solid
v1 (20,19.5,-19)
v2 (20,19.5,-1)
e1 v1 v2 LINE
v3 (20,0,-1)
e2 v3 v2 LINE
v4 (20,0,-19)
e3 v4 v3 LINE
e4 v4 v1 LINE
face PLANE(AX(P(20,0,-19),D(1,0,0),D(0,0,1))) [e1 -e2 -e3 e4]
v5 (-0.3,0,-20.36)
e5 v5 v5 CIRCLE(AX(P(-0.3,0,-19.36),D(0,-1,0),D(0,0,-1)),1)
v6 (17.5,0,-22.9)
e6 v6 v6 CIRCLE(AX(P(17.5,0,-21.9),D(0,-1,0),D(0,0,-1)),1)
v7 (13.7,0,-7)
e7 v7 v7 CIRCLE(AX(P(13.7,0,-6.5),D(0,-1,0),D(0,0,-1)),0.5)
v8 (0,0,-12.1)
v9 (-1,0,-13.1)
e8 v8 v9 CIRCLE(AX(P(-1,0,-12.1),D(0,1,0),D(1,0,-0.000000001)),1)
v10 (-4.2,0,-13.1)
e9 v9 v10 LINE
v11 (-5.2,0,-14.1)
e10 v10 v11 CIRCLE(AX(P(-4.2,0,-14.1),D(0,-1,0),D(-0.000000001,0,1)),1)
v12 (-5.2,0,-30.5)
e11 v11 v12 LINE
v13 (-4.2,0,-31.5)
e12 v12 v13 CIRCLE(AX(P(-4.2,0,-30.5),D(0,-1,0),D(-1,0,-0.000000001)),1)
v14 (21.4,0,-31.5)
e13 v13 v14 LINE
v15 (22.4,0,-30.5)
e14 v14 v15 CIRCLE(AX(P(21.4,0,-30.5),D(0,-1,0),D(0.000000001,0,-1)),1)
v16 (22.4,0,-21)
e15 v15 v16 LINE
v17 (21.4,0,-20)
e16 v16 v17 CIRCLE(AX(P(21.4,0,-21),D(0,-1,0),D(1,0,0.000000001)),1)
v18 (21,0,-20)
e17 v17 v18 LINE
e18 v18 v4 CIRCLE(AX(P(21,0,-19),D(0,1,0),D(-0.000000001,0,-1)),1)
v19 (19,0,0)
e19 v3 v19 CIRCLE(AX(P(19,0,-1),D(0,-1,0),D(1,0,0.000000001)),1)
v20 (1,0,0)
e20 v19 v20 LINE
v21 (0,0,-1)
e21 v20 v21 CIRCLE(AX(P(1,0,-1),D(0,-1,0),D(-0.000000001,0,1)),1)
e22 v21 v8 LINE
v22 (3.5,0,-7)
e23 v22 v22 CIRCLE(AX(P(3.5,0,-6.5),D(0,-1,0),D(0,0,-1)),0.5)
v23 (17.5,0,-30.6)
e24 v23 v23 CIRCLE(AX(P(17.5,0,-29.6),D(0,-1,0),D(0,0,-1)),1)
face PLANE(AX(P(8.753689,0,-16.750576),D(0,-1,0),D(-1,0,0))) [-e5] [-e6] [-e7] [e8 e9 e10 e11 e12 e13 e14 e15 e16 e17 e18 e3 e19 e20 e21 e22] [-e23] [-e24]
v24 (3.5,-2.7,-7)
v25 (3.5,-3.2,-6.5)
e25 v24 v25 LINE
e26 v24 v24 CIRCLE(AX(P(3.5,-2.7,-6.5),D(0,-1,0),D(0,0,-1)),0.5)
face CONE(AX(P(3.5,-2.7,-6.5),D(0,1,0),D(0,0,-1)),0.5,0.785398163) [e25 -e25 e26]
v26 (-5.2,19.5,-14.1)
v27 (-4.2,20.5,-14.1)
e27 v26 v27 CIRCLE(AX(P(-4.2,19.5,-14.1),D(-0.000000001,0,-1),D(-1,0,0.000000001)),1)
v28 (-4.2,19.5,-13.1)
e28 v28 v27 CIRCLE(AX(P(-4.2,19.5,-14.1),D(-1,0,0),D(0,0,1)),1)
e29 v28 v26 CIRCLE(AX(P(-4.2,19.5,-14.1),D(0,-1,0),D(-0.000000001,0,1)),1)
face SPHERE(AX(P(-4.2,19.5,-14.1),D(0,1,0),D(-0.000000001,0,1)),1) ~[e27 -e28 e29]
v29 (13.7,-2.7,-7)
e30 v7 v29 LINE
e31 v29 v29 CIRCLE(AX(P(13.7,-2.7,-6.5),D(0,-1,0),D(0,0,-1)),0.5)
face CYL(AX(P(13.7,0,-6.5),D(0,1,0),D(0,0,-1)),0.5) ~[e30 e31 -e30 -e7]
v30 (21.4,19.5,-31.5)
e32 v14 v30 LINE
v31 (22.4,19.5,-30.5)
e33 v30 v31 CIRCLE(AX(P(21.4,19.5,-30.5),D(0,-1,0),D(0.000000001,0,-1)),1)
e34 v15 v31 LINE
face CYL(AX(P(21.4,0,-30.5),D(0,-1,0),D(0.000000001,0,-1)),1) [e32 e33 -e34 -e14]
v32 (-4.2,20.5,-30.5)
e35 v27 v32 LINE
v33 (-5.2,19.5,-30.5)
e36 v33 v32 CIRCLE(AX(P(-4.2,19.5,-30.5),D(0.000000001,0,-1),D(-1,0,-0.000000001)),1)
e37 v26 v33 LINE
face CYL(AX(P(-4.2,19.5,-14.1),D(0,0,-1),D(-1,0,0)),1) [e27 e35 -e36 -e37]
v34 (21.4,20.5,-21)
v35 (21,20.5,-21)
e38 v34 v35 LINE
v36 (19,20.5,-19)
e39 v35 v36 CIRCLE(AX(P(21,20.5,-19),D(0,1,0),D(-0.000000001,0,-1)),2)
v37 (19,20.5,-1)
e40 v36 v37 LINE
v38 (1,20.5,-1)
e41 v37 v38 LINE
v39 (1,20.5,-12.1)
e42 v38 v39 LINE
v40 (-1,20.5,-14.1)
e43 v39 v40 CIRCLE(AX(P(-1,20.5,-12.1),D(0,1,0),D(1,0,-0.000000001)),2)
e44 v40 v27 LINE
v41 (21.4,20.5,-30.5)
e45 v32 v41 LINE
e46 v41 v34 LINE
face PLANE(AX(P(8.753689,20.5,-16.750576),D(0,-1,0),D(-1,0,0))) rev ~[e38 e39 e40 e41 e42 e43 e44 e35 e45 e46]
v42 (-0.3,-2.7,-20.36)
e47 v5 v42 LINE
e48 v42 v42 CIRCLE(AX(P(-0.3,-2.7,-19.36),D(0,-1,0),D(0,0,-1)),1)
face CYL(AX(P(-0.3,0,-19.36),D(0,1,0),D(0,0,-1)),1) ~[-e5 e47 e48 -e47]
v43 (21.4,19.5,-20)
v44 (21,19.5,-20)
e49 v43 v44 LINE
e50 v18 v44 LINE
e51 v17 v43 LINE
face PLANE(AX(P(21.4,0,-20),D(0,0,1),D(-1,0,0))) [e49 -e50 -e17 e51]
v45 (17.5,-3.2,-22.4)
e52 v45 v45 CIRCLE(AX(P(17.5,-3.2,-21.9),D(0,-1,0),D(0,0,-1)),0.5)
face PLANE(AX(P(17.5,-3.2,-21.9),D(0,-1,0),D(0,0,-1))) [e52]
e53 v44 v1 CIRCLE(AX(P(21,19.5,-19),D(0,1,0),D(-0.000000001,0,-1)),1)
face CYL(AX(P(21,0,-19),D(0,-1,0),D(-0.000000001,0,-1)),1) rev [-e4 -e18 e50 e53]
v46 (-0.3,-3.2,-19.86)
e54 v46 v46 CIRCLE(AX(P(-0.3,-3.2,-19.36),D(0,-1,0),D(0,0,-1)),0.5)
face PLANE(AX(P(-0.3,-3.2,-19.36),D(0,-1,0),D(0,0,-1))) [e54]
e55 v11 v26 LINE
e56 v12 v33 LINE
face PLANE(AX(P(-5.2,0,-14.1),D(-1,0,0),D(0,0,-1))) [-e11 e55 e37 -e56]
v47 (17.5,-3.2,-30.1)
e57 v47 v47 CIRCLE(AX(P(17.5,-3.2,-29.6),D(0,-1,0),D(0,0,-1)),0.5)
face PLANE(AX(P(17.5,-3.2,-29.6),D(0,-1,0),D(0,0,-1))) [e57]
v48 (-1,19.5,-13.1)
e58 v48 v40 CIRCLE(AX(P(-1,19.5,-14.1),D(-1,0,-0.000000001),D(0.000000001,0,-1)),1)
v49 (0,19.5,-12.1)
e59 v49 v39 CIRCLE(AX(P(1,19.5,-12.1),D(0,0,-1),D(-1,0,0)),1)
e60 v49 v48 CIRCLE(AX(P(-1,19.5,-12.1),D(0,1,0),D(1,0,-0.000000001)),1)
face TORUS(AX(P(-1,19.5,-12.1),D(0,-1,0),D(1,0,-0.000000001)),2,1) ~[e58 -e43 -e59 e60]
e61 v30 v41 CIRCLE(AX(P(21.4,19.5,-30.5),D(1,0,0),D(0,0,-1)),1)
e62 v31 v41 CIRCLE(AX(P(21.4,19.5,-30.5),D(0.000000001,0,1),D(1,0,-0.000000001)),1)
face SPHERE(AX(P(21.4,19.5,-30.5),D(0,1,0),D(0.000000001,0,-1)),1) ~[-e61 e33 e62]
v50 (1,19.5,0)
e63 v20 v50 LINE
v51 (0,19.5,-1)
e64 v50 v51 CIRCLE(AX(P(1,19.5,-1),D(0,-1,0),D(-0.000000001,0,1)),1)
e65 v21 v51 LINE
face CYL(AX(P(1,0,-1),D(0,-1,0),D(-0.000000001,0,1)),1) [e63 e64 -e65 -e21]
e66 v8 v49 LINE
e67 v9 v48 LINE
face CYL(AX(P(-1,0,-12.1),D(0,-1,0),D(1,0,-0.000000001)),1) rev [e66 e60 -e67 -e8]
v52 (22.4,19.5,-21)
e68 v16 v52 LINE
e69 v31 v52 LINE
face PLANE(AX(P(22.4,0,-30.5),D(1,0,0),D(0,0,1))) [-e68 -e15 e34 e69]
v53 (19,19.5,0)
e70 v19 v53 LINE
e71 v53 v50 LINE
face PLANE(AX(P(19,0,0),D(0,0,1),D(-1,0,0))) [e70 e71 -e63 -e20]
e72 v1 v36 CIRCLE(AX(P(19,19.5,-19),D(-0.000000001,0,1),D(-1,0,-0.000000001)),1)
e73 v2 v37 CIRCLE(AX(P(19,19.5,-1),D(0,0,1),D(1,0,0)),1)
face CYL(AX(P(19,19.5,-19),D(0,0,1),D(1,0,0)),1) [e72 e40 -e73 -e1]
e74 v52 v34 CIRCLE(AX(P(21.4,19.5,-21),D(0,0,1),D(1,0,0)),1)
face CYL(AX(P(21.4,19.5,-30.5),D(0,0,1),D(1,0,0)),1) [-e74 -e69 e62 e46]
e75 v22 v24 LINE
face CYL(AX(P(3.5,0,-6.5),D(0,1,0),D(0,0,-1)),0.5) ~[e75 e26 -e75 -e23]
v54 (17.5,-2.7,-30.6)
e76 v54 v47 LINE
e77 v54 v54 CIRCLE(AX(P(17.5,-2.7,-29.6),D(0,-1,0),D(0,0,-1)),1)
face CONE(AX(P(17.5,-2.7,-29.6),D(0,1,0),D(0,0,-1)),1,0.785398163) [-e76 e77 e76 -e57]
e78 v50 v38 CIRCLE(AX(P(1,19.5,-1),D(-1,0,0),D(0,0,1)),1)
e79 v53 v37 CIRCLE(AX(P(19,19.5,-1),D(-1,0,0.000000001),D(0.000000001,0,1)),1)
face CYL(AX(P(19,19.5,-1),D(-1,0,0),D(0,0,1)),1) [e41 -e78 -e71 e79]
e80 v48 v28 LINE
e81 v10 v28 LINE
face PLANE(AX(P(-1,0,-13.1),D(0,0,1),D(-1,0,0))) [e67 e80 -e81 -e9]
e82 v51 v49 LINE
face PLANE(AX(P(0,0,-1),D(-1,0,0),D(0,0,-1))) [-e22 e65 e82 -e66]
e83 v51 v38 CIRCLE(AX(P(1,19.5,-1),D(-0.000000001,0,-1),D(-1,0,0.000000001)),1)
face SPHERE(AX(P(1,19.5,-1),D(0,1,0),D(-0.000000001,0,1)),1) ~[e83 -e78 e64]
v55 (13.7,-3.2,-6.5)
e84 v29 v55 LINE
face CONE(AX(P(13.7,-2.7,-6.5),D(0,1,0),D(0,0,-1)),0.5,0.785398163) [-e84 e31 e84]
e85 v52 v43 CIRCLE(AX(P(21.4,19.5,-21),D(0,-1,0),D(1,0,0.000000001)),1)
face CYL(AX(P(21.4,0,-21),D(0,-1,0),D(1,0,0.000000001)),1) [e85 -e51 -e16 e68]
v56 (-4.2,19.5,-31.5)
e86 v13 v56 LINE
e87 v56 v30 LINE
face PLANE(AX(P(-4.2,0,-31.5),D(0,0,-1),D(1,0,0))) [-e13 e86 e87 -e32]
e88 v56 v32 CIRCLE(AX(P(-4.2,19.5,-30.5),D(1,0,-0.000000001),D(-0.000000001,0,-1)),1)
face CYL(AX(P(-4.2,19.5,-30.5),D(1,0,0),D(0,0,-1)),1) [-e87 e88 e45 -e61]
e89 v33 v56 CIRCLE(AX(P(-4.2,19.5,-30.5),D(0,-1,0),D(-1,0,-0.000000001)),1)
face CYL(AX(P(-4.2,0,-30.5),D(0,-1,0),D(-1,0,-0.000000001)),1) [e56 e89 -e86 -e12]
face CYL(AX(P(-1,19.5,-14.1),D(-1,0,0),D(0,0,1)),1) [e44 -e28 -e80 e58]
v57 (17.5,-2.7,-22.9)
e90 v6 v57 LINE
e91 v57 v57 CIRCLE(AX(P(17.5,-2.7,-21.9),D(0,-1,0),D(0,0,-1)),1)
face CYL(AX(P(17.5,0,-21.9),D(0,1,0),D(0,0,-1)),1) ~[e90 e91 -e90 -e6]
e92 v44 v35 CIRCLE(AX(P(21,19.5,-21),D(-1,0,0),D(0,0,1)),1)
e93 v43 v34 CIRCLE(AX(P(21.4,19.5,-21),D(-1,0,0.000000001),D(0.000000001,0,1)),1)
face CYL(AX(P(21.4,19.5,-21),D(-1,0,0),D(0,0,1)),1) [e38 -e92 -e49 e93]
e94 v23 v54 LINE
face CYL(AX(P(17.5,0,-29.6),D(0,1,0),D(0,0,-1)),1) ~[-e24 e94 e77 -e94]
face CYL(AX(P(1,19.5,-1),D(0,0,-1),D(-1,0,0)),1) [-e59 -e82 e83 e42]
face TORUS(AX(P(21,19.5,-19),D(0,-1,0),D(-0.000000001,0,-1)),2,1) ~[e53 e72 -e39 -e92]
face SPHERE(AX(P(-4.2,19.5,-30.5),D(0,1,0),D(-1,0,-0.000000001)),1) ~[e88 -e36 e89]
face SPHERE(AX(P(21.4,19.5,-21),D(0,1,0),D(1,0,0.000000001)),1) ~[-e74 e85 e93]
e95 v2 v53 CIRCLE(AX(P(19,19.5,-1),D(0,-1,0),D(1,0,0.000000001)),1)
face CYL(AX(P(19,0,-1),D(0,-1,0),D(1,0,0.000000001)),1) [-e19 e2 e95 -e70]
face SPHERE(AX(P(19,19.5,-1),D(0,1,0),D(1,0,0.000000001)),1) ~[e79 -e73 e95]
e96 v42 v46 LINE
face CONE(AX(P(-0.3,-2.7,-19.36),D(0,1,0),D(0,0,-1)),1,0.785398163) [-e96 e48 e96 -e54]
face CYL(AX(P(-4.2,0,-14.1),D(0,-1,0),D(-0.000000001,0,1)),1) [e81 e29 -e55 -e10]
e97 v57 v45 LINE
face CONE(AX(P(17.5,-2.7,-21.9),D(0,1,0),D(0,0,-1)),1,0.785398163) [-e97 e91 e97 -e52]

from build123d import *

# Parameters (mm, degrees)
BOSS_EXTRUDE1_DEPTH = 20.5
FILLET1_R           = 1
SKETCH2_R           = 0.5
SKETCH2_R_2         = 1
BOSS_EXTRUDE2_DEPTH = 3.2
CHAMFER1_SIZE       = 0.5


with BuildPart() as part:
    # Sketch1 → Boss-Extrude1 (new body)
    with BuildSketch(Plane(origin=(0, 0, 0), x_dir=(1, 0, 0), z_dir=(0, 1, 0))):
        with BuildLine():
            Line((0, 1), (0, 12.1))
            ThreePointArc((0, 12.1), (-0.292893219, 12.807106781), (-1, 13.1))
            Line((-1, 13.1), (-4.2, 13.1))
            ThreePointArc((-4.2, 13.1), (-4.907106781, 13.392893219), (-5.2, 14.1))
            Line((-5.2, 14.1), (-5.2, 30.5))
            ThreePointArc((-5.2, 30.5), (-4.907106781, 31.207106781), (-4.2, 31.5))
            Line((-4.2, 31.5), (21.4, 31.5))
            ThreePointArc((21.4, 31.5), (22.107106781, 31.207106781), (22.4, 30.5))
            Line((22.4, 30.5), (22.4, 21))
            ThreePointArc((22.4, 21), (22.107106781, 20.292893219), (21.4, 20))
            Line((21.4, 20), (21, 20))
            ThreePointArc((21, 20), (20.292893219, 19.707106781), (20, 19))
            Line((20, 19), (20, 1))
            ThreePointArc((20, 1), (19.707106781, 0.292893219), (19, 0))
            Line((19, 0), (1, 0))
            ThreePointArc((1, 0), (0.292893219, 0.292893219), (0, 1))
        make_face()
    extrude(amount=BOSS_EXTRUDE1_DEPTH)

    # Fillet1
    fillet1_edges = [part.edges().sort_by_distance(p)[0] for p in [
        (-4.907106781, 20.5, -31.207106781),
        (-5.2, 20.5, -22.3),
        (-4.907106781, 20.5, -13.392893219),
        (-2.6, 20.5, -13.1),
        (-0.292893219, 20.5, -12.807106781),
        (0, 20.5, -6.55),
        (0.292893219, 20.5, -0.292893219),
        (10, 20.5, 0),
        (19.707106781, 20.5, -0.292893219),
        (20, 20.5, -10),
        (22.107106781, 20.5, -31.207106781),
        (20.292893219, 20.5, -19.707106781),
        (21.2, 20.5, -20),
        (22.107106781, 20.5, -20.292893219),
        (22.4, 20.5, -25.75),
        (8.6, 20.5, -31.5),
    ]]
    fillet(fillet1_edges, radius=FILLET1_R)

    # Sketch2 → Boss-Extrude2 (add)
    with BuildSketch(Plane.XZ):
        with Locations(Location((13.7, -6.5, 0), (0, 0, 270))):
            Circle(SKETCH2_R)
        with Locations(Location((3.5, -6.5, 0), (0, 0, 270))):
            Circle(SKETCH2_R)
        with Locations(Location((17.5, -21.9, 0), (0, 0, 270))):
            Circle(SKETCH2_R_2)
        with Locations(Location((17.5, -29.6, 0), (0, 0, 270))):
            Circle(SKETCH2_R_2)
        with Locations(Location((-0.3, -19.36, 0), (0, 0, 270))):
            Circle(SKETCH2_R_2)
    extrude(amount=BOSS_EXTRUDE2_DEPTH)

    # Chamfer1
    chamfer1_edges = [part.edges().sort_by_distance(p)[0] for p in [
        (-0.3, -3.2, -18.36),
        (13.7, -3.2, -6),
        (3.5, -3.2, -6),
        (17.5, -3.2, -20.9),
        (17.5, -3.2, -28.6),
    ]]
    chamfer(chamfer1_edges, length=CHAMFER1_SIZE)


solid = part.part
